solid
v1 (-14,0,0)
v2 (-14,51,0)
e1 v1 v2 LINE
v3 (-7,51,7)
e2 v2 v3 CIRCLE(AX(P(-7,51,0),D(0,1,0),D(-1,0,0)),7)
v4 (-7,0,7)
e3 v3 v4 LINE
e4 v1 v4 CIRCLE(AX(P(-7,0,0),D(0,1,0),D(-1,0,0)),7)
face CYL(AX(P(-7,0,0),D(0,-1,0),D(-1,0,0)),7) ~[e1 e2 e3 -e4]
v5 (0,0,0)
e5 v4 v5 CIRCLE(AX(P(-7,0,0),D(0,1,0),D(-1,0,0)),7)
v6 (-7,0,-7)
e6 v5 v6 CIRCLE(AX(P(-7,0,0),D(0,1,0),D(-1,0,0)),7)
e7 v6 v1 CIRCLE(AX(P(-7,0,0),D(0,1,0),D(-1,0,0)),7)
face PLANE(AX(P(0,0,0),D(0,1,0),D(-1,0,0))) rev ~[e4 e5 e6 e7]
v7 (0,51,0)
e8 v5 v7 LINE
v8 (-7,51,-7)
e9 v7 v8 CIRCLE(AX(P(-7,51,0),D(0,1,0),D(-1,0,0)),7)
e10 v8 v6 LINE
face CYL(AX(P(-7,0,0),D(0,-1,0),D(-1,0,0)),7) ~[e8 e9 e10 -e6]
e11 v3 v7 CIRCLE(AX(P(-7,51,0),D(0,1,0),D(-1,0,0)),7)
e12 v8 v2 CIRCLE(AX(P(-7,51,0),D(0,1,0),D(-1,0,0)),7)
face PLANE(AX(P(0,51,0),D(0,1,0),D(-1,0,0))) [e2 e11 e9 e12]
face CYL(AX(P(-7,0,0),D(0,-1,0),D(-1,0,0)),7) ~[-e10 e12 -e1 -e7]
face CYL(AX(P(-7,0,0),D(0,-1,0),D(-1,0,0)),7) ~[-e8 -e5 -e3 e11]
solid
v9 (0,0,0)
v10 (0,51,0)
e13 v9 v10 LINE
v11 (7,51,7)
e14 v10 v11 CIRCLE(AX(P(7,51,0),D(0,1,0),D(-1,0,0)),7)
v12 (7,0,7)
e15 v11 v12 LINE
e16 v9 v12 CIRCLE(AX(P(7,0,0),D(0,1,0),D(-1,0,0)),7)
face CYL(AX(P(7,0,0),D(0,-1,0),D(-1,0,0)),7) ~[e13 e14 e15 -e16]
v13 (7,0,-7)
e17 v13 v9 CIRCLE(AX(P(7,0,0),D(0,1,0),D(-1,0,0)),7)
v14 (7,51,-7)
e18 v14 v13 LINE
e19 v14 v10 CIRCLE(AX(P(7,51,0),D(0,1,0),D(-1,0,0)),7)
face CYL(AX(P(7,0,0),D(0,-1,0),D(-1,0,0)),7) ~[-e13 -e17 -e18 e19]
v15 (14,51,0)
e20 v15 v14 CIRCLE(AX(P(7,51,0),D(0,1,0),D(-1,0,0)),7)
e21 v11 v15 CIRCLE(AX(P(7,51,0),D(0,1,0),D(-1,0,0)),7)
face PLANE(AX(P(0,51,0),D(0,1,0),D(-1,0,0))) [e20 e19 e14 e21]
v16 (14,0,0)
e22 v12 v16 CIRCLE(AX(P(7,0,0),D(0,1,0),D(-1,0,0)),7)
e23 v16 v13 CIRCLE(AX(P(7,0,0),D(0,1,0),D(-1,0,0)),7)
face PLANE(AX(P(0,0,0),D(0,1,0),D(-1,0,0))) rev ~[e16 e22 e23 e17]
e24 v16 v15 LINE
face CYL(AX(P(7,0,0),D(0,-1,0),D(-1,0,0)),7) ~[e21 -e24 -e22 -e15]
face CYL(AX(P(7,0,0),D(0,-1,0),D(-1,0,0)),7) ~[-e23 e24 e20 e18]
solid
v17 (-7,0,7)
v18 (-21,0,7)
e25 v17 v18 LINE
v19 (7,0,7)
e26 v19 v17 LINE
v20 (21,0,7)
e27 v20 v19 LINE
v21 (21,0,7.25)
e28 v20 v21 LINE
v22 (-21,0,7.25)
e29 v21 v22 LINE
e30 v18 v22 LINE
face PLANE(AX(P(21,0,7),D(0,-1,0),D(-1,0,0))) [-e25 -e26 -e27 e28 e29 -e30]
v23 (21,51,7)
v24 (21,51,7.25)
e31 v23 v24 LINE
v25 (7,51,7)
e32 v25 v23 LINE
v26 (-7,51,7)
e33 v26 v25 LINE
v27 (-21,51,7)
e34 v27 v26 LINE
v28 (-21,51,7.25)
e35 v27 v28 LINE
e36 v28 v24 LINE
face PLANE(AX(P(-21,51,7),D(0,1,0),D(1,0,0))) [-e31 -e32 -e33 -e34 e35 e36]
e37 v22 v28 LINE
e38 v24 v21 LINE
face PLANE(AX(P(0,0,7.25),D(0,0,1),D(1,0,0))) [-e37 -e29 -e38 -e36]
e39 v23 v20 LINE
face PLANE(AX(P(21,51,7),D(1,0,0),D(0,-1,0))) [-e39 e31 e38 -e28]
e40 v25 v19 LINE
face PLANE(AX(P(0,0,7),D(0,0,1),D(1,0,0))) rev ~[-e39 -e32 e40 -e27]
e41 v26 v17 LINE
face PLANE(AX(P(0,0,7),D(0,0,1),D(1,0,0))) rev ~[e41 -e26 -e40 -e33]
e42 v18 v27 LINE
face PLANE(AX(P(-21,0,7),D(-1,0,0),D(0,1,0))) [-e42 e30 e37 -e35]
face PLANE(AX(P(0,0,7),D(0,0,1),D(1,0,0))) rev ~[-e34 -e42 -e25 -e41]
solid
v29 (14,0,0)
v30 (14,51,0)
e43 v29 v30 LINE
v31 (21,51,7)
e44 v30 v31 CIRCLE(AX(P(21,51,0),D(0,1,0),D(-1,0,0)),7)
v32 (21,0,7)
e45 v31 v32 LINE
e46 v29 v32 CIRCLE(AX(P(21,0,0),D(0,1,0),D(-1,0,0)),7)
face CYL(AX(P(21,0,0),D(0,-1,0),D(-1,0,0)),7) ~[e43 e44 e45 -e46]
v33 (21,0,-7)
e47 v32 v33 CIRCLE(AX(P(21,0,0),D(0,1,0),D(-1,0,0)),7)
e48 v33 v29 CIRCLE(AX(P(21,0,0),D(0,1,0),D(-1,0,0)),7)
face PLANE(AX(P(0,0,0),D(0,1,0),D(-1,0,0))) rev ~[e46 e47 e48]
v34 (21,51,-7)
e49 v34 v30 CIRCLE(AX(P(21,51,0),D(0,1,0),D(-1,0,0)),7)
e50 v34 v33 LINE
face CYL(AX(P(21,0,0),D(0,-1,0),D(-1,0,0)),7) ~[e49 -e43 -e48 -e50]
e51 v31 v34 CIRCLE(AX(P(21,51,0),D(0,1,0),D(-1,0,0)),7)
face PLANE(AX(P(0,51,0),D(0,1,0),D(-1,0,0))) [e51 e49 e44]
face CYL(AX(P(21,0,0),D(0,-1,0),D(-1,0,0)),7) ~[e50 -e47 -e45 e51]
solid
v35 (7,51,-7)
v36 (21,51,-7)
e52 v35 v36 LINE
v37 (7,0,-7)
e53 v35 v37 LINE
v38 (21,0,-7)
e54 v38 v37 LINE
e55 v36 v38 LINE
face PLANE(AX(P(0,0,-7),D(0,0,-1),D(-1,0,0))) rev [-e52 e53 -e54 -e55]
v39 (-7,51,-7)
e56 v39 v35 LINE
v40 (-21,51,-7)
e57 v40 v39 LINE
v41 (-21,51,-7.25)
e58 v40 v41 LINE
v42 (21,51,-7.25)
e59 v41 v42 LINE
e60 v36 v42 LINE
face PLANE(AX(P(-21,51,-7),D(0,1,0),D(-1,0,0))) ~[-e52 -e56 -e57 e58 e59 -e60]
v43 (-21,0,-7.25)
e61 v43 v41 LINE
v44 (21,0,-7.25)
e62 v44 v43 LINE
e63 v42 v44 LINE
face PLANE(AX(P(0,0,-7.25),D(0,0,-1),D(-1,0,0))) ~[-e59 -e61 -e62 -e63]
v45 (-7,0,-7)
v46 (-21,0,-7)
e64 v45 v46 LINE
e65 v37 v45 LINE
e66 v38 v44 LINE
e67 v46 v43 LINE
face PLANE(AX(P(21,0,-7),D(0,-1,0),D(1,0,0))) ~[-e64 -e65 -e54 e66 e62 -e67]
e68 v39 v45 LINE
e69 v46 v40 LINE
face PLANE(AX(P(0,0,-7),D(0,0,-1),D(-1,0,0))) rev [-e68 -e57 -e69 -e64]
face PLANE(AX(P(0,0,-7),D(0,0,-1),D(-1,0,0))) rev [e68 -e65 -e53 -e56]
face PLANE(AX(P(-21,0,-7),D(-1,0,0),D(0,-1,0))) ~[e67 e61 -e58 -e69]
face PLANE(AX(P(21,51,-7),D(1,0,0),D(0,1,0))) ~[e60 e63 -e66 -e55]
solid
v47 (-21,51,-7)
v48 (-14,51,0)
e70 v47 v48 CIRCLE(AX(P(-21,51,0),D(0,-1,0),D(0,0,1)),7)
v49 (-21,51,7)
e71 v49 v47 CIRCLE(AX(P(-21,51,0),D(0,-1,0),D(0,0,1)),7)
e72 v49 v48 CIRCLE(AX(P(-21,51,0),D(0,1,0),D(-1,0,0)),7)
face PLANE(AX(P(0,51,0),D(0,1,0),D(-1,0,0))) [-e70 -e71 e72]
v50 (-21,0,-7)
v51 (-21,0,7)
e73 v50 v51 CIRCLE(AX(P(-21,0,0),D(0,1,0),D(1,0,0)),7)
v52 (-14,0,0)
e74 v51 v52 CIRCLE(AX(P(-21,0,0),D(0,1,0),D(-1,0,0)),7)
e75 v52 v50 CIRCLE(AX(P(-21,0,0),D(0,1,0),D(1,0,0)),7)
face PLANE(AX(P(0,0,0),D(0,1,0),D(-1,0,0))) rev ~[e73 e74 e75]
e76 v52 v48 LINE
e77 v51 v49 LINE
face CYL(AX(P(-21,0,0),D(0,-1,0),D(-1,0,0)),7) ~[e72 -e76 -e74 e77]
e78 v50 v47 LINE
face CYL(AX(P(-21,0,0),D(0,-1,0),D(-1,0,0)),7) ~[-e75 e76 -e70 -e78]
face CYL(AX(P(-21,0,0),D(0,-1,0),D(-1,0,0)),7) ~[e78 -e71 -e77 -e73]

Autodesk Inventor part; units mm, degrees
ref_plane "YZ Plane" through (0, 0, 0) normal (1, 0, 0) x (0, 1, 0)
ref_plane "XZ Plane" through (0, 0, 0) normal (0, 1, 0) x (-1, 0, 0)
sketch "スケッチ1" plane through (0, 0, 0) normal (0, 1, 0) x (-1, 0, 0)
  circle A0 centre (21, 0) radius 7
  circle A1 centre (7, 0) radius 7
  circle A2 centre (-7, 0) radius 7
  circle A3 centre (-21, 0) radius 7
  line L0 (37.3253, 0) -> (-37.3253, 0) construction
  line L1 (0, 20.4736) -> (0, -20.4736) construction
  point P0 (0, 0)
  point P1 (0, 0)
  point P2 (-14, 0)
  point P3 (0, 0)
  point P4 (14, 0)
  dimension "d0" = 14
  dimension "d1" = 14
  dimension "d2" = 14
  dimension "d3" = 14
extrude "押し出し1" add sketch "スケッチ1" along normal blind 51
ref_plane "作業平面1" through (0, 0, 7) normal (0, 0, 1) x (1, 0, 0)
sketch "スケッチ2" plane through (0, 0, 7) normal (0, 0, 1) x (1, 0, 0)
  line L0 (-21, 51) -> (21, 51)
  line L1 (21, 51) -> (21, 0)
  line L2 (21, 0) -> (-21, 0)
  line L3 (-21, 0) -> (-21, 51)
  point P0 (0, 0)
  point P1 (0, 0)
  dimension "d7" = 51
  dimension "d8" = 42
extrude "押し出し2" add sketch "スケッチ2" along normal blind 0.25
mirror "ミラー1" about plane through (0, 0, 0) normal (0, 0, 1) of "押し出し2"
equation "\"d1\" = d0"
equation "\"d2\" = d1"
equation "\"d3\" = d2"
equation "\"d7\" = d4"
equation "\"d8\" = 3 * d0"
equation "\"d6\" = 0.5 * d0"
equation "\"d4\" = 51"
properties part number "NiMH-Battery"
